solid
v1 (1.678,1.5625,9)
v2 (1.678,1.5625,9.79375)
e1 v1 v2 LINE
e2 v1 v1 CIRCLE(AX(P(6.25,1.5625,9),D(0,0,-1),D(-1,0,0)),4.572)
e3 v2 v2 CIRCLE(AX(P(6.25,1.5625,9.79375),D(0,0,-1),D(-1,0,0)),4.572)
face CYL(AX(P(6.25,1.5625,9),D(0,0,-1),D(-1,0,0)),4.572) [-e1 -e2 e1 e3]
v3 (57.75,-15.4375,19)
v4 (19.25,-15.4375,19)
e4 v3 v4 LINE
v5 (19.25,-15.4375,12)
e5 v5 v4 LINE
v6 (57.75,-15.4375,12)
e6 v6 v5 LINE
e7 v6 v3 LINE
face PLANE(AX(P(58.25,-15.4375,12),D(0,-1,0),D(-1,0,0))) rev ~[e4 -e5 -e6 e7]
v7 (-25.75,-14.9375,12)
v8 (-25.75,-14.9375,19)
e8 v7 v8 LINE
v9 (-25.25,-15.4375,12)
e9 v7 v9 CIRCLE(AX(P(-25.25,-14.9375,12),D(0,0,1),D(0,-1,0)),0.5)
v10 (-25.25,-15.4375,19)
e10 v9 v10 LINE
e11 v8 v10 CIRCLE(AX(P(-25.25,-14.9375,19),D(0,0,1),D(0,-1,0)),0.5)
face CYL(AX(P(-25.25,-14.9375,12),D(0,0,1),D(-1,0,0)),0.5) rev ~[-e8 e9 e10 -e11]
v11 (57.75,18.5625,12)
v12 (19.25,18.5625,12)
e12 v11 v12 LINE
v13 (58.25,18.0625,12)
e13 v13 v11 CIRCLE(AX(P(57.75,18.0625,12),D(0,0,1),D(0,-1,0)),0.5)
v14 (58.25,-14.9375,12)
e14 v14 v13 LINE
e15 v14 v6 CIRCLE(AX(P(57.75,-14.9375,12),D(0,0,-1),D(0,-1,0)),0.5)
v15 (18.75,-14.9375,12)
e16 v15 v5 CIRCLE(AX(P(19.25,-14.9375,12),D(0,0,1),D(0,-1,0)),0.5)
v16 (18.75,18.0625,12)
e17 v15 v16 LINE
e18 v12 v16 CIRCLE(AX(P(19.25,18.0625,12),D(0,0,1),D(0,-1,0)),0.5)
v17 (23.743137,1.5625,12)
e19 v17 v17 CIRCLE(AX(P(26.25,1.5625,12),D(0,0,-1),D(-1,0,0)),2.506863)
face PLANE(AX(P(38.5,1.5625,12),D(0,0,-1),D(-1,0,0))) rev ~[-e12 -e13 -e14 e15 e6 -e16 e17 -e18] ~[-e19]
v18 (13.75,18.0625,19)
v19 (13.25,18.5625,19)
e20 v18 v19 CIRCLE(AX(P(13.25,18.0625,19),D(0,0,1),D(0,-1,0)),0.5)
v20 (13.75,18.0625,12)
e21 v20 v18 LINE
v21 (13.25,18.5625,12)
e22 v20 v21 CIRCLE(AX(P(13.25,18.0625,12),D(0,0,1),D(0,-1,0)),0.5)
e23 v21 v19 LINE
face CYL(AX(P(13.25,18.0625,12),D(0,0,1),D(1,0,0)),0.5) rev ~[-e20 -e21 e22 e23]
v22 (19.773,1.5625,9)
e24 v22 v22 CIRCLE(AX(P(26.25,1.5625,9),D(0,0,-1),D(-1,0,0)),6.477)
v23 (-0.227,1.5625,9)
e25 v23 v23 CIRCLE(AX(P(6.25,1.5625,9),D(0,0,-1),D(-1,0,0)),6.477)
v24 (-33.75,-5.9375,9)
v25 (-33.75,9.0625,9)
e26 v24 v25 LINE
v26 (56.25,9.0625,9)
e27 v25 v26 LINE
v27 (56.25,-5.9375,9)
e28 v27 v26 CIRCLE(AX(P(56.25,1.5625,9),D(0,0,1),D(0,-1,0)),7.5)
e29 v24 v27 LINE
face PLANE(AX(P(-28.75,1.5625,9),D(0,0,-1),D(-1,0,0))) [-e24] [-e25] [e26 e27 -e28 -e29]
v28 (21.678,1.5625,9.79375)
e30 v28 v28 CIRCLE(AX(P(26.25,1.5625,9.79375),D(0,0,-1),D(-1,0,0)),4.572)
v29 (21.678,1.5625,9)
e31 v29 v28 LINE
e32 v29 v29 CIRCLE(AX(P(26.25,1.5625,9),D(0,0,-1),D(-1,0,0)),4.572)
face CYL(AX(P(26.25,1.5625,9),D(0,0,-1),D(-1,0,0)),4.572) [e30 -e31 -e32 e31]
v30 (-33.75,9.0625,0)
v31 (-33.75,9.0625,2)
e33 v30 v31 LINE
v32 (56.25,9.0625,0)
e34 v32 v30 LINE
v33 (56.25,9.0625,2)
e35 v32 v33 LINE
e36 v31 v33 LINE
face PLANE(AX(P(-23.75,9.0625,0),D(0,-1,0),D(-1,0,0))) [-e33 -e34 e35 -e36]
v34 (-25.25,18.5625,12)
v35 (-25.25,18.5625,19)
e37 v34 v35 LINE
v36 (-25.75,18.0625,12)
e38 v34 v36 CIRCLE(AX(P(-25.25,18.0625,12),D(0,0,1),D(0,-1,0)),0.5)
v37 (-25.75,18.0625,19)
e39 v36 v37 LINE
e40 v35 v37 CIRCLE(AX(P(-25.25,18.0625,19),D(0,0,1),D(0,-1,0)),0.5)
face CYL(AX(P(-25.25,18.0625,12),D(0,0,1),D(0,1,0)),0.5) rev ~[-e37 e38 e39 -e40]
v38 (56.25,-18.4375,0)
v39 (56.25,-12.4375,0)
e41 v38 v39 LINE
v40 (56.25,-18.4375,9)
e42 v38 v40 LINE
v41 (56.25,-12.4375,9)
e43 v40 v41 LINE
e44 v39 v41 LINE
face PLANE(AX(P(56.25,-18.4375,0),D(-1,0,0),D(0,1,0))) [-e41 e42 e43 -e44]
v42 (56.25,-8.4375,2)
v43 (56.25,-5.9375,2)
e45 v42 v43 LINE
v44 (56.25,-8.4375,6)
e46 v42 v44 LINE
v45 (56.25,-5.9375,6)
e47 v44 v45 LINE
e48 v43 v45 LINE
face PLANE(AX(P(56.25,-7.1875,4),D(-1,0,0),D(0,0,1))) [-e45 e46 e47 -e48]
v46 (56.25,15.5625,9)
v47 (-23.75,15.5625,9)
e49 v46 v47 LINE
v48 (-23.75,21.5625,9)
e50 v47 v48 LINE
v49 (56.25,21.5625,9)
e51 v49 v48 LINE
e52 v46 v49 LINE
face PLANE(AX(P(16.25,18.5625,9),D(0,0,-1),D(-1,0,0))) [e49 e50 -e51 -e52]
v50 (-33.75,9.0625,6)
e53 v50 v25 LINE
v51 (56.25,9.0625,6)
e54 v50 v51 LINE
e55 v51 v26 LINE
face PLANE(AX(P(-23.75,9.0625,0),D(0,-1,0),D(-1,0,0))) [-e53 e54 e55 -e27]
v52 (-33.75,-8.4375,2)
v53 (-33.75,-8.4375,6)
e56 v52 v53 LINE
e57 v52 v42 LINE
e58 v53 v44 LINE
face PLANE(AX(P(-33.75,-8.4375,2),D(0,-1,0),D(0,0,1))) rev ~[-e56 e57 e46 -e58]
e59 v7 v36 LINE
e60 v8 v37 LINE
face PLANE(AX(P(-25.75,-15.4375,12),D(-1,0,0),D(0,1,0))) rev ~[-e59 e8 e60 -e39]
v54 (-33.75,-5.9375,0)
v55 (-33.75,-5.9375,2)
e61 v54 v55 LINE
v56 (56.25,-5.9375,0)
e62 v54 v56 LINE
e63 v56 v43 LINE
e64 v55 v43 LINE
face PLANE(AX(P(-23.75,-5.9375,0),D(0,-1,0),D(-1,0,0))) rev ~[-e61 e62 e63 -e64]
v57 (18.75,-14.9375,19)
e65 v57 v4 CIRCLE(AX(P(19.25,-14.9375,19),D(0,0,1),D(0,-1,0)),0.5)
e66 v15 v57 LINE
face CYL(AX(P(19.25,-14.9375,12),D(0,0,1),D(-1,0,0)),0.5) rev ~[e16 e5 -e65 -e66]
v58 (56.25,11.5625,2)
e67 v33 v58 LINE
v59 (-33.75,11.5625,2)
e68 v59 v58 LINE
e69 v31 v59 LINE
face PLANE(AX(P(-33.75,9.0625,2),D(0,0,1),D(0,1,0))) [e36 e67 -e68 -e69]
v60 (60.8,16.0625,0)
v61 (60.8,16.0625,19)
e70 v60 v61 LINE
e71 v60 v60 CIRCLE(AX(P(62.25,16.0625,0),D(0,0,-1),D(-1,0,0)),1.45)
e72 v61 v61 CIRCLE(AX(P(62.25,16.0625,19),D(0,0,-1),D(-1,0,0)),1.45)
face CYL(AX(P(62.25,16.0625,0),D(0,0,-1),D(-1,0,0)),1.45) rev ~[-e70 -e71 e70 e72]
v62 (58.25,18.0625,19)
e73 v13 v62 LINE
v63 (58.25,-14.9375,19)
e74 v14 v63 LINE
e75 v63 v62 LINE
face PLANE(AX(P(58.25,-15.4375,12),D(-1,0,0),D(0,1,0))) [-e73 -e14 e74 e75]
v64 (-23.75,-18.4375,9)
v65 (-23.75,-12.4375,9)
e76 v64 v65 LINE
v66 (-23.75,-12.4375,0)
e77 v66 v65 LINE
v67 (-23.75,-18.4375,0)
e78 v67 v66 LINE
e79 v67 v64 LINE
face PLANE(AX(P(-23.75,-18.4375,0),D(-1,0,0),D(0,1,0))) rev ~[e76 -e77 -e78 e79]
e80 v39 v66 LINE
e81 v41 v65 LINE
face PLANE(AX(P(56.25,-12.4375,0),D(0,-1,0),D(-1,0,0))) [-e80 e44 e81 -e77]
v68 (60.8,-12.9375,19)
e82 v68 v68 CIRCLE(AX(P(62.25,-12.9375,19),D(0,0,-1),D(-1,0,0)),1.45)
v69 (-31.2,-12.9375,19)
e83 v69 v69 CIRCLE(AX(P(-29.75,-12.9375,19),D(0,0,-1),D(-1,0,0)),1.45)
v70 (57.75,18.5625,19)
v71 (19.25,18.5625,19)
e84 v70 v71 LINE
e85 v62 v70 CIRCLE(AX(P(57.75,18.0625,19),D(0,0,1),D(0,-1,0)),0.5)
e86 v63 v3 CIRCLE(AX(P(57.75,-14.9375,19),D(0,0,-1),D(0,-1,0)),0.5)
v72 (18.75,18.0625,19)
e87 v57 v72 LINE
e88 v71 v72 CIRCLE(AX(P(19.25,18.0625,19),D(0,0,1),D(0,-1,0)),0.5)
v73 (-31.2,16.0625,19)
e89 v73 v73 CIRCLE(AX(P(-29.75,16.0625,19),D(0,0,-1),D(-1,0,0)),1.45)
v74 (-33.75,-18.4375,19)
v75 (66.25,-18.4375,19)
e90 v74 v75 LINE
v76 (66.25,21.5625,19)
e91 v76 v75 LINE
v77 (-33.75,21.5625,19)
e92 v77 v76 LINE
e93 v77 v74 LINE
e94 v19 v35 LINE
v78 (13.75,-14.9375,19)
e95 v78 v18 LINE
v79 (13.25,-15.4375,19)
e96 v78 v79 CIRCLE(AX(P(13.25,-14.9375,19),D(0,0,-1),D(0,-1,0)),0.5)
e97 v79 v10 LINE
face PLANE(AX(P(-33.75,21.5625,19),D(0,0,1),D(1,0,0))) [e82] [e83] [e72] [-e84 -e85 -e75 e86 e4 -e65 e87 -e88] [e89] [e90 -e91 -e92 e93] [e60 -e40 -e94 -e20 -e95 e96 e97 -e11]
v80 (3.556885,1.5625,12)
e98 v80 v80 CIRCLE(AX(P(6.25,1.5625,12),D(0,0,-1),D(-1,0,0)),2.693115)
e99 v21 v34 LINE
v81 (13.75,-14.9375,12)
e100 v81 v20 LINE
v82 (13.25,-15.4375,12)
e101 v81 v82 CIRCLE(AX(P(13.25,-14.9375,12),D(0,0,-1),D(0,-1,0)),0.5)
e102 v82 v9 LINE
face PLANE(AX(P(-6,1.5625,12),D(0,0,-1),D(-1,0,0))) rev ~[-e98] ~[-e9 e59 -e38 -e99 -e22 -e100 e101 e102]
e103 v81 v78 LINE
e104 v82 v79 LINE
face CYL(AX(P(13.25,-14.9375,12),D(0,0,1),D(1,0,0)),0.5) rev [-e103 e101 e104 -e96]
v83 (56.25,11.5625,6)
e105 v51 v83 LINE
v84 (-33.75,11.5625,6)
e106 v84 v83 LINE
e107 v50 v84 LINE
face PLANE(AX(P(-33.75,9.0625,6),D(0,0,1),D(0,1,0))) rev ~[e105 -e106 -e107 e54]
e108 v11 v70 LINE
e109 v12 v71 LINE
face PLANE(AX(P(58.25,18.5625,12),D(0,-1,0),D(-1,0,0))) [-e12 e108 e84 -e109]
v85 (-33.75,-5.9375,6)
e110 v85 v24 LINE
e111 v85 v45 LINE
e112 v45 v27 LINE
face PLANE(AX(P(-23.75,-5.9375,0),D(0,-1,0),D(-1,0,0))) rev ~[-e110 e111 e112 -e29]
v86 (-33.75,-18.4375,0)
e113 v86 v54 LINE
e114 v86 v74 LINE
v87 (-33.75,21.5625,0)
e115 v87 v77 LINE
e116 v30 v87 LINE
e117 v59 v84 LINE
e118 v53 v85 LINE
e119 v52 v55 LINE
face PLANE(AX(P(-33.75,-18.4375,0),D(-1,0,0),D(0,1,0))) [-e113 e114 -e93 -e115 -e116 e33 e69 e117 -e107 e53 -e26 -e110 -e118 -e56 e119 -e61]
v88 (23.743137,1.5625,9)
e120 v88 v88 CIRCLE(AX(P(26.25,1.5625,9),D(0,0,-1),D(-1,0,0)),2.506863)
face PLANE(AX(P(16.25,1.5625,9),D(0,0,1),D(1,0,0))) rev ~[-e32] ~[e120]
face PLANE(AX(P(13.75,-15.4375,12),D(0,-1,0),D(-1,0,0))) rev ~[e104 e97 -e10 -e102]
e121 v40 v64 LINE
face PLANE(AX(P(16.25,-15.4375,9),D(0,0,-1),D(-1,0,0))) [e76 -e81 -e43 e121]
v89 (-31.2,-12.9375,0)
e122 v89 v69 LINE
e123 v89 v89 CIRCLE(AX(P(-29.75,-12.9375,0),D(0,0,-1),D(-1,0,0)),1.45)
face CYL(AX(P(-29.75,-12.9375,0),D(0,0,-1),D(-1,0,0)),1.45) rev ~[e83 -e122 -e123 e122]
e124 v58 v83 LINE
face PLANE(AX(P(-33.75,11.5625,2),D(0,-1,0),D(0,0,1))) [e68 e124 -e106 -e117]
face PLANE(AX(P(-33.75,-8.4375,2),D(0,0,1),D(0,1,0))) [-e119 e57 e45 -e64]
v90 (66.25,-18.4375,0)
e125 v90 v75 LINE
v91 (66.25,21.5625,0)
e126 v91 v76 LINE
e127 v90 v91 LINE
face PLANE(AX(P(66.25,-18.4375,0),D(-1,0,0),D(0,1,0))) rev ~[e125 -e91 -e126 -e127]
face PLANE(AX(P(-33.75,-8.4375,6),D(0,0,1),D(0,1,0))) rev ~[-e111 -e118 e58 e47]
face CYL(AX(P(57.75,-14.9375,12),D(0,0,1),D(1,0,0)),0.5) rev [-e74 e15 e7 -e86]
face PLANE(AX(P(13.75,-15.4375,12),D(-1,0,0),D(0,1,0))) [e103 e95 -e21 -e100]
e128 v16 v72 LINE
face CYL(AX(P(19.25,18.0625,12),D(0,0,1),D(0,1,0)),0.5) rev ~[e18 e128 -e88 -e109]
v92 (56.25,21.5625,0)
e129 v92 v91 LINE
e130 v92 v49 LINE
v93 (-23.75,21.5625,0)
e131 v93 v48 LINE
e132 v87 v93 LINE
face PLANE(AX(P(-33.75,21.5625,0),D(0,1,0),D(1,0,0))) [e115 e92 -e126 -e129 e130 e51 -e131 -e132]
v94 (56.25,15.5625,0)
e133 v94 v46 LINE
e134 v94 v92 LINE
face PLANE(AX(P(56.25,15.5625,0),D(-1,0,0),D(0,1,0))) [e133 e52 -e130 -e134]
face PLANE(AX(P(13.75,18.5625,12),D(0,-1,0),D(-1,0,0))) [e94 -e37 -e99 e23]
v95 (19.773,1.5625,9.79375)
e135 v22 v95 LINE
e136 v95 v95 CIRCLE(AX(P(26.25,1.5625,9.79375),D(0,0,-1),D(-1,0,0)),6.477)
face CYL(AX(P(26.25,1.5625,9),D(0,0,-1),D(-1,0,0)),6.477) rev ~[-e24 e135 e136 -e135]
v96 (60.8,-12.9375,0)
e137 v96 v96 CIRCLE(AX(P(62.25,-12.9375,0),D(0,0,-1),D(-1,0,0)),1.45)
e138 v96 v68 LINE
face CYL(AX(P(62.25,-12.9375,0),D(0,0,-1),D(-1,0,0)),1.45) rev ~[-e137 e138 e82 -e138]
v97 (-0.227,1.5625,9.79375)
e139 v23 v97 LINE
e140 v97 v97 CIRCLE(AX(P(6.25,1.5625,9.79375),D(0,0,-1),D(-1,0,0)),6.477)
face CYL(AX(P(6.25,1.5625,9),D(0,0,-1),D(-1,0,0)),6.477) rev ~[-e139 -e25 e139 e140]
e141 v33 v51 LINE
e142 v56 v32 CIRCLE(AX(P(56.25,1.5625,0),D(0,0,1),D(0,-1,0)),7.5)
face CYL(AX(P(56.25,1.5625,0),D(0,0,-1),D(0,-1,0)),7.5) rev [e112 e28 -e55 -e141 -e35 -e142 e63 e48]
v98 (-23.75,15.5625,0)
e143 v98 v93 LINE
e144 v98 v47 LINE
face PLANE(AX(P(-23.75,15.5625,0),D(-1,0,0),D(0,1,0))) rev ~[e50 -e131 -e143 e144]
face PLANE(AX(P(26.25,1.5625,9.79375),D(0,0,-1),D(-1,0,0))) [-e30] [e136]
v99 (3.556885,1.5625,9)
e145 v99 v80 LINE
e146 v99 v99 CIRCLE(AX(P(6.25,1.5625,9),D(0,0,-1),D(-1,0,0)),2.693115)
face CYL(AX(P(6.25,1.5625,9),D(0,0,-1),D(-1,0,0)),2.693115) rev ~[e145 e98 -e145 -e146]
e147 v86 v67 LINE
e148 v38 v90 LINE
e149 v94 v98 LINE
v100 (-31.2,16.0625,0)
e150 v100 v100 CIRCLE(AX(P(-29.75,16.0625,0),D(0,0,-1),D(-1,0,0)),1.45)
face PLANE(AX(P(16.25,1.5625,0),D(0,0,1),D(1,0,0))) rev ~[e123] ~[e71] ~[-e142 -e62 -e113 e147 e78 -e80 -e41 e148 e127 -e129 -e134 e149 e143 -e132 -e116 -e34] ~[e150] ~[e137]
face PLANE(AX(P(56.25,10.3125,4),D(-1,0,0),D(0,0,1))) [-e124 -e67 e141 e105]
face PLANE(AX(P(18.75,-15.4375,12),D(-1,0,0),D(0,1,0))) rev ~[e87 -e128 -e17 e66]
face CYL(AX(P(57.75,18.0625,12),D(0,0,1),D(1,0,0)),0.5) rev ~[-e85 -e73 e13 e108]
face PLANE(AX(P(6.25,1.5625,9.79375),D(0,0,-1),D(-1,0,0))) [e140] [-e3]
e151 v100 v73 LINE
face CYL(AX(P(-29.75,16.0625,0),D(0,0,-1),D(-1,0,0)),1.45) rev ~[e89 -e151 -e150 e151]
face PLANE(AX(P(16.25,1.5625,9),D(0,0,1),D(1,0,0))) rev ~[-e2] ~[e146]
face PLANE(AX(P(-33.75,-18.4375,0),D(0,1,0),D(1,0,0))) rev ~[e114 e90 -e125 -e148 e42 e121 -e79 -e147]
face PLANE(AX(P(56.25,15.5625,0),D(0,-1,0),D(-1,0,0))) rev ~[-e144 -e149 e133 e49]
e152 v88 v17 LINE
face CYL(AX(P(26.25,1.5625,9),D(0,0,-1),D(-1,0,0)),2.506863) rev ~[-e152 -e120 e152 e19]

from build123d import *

# Parameters (mm, degrees)
SKETCH1_W           = 100
SKETCH1_H           = 40
BOSS_EXTRUDE1_DEPTH = 38
CUT_EXTRUDE2_START  = -12
SKETCH2_W           = 39.5
SKETCH2_H           = 34
CUT_EXTRUDE2_DEPTH  = 21
CUT_EXTRUDE4_REACH  = 81.36
SKETCH4_R           = 1.45
SKETCH6_W           = 100
SKETCH6_H           = 19
CUT_EXTRUDE5_DEPTH  = 87.215210375
FILLET1_R           = 0.5
CUT_EXTRUDE12_DEPTH = 9
CUT_EXTRUDE13_REACH = 72.385
SKETCH18_R          = 2.506862912
SKETCH18_R_2        = 2.693115416
SKETCH19_R          = 6.477
SKETCH19_R_2        = 4.572
CUT_EXTRUDE14_DEPTH = 0.79375
SKETCH21_W          = 10
SKETCH21_H          = 15
CUT_EXTRUDE15_DEPTH = 9
SKETCH22_W          = 4
SKETCH22_H          = 2.5
CUT_EXTRUDE16_DEPTH = 90
SKETCH23_W          = 80
SKETCH23_H          = 6
CUT_EXTRUDE17_DEPTH = 9


with BuildPart() as part:
    # Sketch1 → Boss-Extrude1 (new body)
    with BuildSketch(Plane.XY):
        with Locations((16.25, 1.5625)):
            Rectangle(SKETCH1_W, SKETCH1_H)
    extrude(amount=BOSS_EXTRUDE1_DEPTH)

    # Sketch2 → Cut-Extrude2 (cut)
    with BuildSketch(Plane(origin=(0, 0, 0), x_dir=(-1, 0, 0), z_dir=(0, 0, -1)).offset(CUT_EXTRUDE2_START)):
        with Locations((-38.5, 1.5625)):
            Rectangle(SKETCH2_W, SKETCH2_H)
        with Locations((6, 1.5625)):
            Rectangle(SKETCH2_W, SKETCH2_H)
    extrude(amount=-CUT_EXTRUDE2_DEPTH, mode=Mode.SUBTRACT)

    # Sketch4 → Cut-Extrude4 (cut, up to next)
    with BuildSketch(Plane(origin=(0, 0, 0), x_dir=(-1, 0, 0), z_dir=(0, 0, -1)), mode=Mode.PRIVATE) as cut_extrude4_sk1:
        with Locations((-62.25, 16.0625)):
            Circle(SKETCH4_R)
    cut_extrude4_tool1 = extrude(cut_extrude4_sk1.sketch, amount=-CUT_EXTRUDE4_REACH, mode=Mode.PRIVATE) & part.part
    # Sketch4 → Cut-Extrude4 (cut, up to next)
    with BuildSketch(Plane(origin=(0, 0, 0), x_dir=(-1, 0, 0), z_dir=(0, 0, -1)), mode=Mode.PRIVATE) as cut_extrude4_sk2:
        with Locations((-62.25, -12.9375)):
            Circle(SKETCH4_R)
    cut_extrude4_tool2 = extrude(cut_extrude4_sk2.sketch, amount=-CUT_EXTRUDE4_REACH, mode=Mode.PRIVATE) & part.part
    # Sketch4 → Cut-Extrude4 (cut, up to next)
    with BuildSketch(Plane(origin=(0, 0, 0), x_dir=(-1, 0, 0), z_dir=(0, 0, -1)), mode=Mode.PRIVATE) as cut_extrude4_sk3:
        with Locations((29.75, 16.0625)):
            Circle(SKETCH4_R)
    cut_extrude4_tool3 = extrude(cut_extrude4_sk3.sketch, amount=-CUT_EXTRUDE4_REACH, mode=Mode.PRIVATE) & part.part
    # Sketch4 → Cut-Extrude4 (cut, up to next)
    with BuildSketch(Plane(origin=(0, 0, 0), x_dir=(-1, 0, 0), z_dir=(0, 0, -1)), mode=Mode.PRIVATE) as cut_extrude4_sk4:
        with Locations((29.75, -12.9375)):
            Circle(SKETCH4_R)
    cut_extrude4_tool4 = extrude(cut_extrude4_sk4.sketch, amount=-CUT_EXTRUDE4_REACH, mode=Mode.PRIVATE) & part.part
    add(cut_extrude4_tool1.solids().sort_by_distance((62.25, 16.0625, 0))[0], mode=Mode.SUBTRACT)
    add(cut_extrude4_tool2.solids().sort_by_distance((62.25, -12.9375, 0))[0], mode=Mode.SUBTRACT)
    add(cut_extrude4_tool3.solids().sort_by_distance((-29.75, 16.0625, 0))[0], mode=Mode.SUBTRACT)
    add(cut_extrude4_tool4.solids().sort_by_distance((-29.75, -12.9375, 0))[0], mode=Mode.SUBTRACT)

    # Sketch6 → Cut-Extrude5 (cut, through all)
    with BuildSketch(Plane(origin=(0, 21.5625, 0), x_dir=(1, 0, 0), z_dir=(0, 1, 0))):
        with Locations((16.25, -28.5)):
            Rectangle(SKETCH6_W, SKETCH6_H)
    extrude(amount=-CUT_EXTRUDE5_DEPTH, mode=Mode.SUBTRACT)

    # Fillet1
    fillet1_edges = [part.edges().sort_by_distance(p)[0] for p in [
        (-25.75, -15.4375, 15.5),
        (13.75, -15.4375, 15.5),
        (-25.75, 18.5625, 15.5),
        (13.75, 18.5625, 15.5),
        (18.75, -15.4375, 15.5),
        (58.25, -15.4375, 15.5),
        (18.75, 18.5625, 15.5),
        (58.25, 18.5625, 15.5),
    ]]
    fillet(fillet1_edges, radius=FILLET1_R)

    # Sketch17 → Cut-Extrude12 (cut)
    with BuildSketch(Plane(origin=(0, 0, 0), x_dir=(-1, 0, 0), z_dir=(0, 0, -1))):
        with BuildLine():
            Line((-56.25, 9.0625), (23.75, 9.0625))
            ThreePointArc((23.75, 9.0625), (31.25, 1.5625), (23.75, -5.9375))
            Line((23.75, -5.9375), (-56.25, -5.9375))
            ThreePointArc((-56.25, -5.9375), (-63.75, 1.5625), (-56.25, 9.0625))
        make_face()
    extrude(amount=-CUT_EXTRUDE12_DEPTH, mode=Mode.SUBTRACT)

    # Sketch18 → Cut-Extrude13 (cut, up to next)
    with BuildSketch(Plane(origin=(0, 0, 9), x_dir=(-1, 0, 0), z_dir=(0, 0, -1)), mode=Mode.PRIVATE) as cut_extrude13_sk1:
        with Locations((-26.25, 1.5625)):
            Circle(SKETCH18_R)
    cut_extrude13_tool1 = extrude(cut_extrude13_sk1.sketch, amount=-CUT_EXTRUDE13_REACH, mode=Mode.PRIVATE) & part.part
    # Sketch18 → Cut-Extrude13 (cut, up to next)
    with BuildSketch(Plane(origin=(0, 0, 9), x_dir=(-1, 0, 0), z_dir=(0, 0, -1)), mode=Mode.PRIVATE) as cut_extrude13_sk2:
        with Locations((-6.25, 1.5625)):
            Circle(SKETCH18_R_2)
    cut_extrude13_tool2 = extrude(cut_extrude13_sk2.sketch, amount=-CUT_EXTRUDE13_REACH, mode=Mode.PRIVATE) & part.part
    add(cut_extrude13_tool1.solids().sort_by_distance((26.25, 1.5625, 9))[0], mode=Mode.SUBTRACT)
    add(cut_extrude13_tool2.solids().sort_by_distance((6.25, 1.5625, 9))[0], mode=Mode.SUBTRACT)

    # Sketch19 → Cut-Extrude14 (cut)
    # profile 1 of 2: a face of its own
    with BuildSketch(Plane(origin=(0, 0, 9), x_dir=(-1, 0, 0), z_dir=(0, 0, -1))):
        with Locations((-26.25, 1.5625)):
            Circle(SKETCH19_R)
        with Locations((-26.25, 1.5625)):
            Circle(SKETCH19_R_2, mode=Mode.SUBTRACT)
    # profile 2 of 2: a face of its own
    with BuildSketch(Plane(origin=(0, 0, 9), x_dir=(-1, 0, 0), z_dir=(0, 0, -1))):
        with Locations((-6.25, 1.5625)):
            Circle(SKETCH19_R)
        with Locations((-6.25, 1.5625)):
            Circle(SKETCH19_R_2, mode=Mode.SUBTRACT)
    extrude(amount=-CUT_EXTRUDE14_DEPTH, mode=Mode.SUBTRACT)

    # Sketch21 → Cut-Extrude15 (cut)
    with BuildSketch(Plane(origin=(0, 0, 0), x_dir=(-1, 0, 0), z_dir=(0, 0, -1))):
        with Locations((28.75, 1.5625)):
            Rectangle(SKETCH21_W, SKETCH21_H)
    extrude(amount=-CUT_EXTRUDE15_DEPTH, mode=Mode.SUBTRACT)

    # Sketch22 → Cut-Extrude16 (cut)
    with BuildSketch(Plane.ZY.offset(33.75)):
        with Locations((4, 10.3125)):
            Rectangle(SKETCH22_W, SKETCH22_H)
        with Locations((4, -7.1875)):
            Rectangle(SKETCH22_W, SKETCH22_H)
    extrude(amount=-CUT_EXTRUDE16_DEPTH, mode=Mode.SUBTRACT)

    # Sketch23 → Cut-Extrude17 (cut)
    with BuildSketch(Plane(origin=(0, 0, 0), x_dir=(-1, 0, 0), z_dir=(0, 0, -1))):
        with Locations((-16.25, 18.5625)):
            Rectangle(SKETCH23_W, SKETCH23_H)
        with Locations((-16.25, -15.4375)):
            Rectangle(SKETCH23_W, SKETCH23_H)
    extrude(amount=-CUT_EXTRUDE17_DEPTH, mode=Mode.SUBTRACT)


solid = part.part
